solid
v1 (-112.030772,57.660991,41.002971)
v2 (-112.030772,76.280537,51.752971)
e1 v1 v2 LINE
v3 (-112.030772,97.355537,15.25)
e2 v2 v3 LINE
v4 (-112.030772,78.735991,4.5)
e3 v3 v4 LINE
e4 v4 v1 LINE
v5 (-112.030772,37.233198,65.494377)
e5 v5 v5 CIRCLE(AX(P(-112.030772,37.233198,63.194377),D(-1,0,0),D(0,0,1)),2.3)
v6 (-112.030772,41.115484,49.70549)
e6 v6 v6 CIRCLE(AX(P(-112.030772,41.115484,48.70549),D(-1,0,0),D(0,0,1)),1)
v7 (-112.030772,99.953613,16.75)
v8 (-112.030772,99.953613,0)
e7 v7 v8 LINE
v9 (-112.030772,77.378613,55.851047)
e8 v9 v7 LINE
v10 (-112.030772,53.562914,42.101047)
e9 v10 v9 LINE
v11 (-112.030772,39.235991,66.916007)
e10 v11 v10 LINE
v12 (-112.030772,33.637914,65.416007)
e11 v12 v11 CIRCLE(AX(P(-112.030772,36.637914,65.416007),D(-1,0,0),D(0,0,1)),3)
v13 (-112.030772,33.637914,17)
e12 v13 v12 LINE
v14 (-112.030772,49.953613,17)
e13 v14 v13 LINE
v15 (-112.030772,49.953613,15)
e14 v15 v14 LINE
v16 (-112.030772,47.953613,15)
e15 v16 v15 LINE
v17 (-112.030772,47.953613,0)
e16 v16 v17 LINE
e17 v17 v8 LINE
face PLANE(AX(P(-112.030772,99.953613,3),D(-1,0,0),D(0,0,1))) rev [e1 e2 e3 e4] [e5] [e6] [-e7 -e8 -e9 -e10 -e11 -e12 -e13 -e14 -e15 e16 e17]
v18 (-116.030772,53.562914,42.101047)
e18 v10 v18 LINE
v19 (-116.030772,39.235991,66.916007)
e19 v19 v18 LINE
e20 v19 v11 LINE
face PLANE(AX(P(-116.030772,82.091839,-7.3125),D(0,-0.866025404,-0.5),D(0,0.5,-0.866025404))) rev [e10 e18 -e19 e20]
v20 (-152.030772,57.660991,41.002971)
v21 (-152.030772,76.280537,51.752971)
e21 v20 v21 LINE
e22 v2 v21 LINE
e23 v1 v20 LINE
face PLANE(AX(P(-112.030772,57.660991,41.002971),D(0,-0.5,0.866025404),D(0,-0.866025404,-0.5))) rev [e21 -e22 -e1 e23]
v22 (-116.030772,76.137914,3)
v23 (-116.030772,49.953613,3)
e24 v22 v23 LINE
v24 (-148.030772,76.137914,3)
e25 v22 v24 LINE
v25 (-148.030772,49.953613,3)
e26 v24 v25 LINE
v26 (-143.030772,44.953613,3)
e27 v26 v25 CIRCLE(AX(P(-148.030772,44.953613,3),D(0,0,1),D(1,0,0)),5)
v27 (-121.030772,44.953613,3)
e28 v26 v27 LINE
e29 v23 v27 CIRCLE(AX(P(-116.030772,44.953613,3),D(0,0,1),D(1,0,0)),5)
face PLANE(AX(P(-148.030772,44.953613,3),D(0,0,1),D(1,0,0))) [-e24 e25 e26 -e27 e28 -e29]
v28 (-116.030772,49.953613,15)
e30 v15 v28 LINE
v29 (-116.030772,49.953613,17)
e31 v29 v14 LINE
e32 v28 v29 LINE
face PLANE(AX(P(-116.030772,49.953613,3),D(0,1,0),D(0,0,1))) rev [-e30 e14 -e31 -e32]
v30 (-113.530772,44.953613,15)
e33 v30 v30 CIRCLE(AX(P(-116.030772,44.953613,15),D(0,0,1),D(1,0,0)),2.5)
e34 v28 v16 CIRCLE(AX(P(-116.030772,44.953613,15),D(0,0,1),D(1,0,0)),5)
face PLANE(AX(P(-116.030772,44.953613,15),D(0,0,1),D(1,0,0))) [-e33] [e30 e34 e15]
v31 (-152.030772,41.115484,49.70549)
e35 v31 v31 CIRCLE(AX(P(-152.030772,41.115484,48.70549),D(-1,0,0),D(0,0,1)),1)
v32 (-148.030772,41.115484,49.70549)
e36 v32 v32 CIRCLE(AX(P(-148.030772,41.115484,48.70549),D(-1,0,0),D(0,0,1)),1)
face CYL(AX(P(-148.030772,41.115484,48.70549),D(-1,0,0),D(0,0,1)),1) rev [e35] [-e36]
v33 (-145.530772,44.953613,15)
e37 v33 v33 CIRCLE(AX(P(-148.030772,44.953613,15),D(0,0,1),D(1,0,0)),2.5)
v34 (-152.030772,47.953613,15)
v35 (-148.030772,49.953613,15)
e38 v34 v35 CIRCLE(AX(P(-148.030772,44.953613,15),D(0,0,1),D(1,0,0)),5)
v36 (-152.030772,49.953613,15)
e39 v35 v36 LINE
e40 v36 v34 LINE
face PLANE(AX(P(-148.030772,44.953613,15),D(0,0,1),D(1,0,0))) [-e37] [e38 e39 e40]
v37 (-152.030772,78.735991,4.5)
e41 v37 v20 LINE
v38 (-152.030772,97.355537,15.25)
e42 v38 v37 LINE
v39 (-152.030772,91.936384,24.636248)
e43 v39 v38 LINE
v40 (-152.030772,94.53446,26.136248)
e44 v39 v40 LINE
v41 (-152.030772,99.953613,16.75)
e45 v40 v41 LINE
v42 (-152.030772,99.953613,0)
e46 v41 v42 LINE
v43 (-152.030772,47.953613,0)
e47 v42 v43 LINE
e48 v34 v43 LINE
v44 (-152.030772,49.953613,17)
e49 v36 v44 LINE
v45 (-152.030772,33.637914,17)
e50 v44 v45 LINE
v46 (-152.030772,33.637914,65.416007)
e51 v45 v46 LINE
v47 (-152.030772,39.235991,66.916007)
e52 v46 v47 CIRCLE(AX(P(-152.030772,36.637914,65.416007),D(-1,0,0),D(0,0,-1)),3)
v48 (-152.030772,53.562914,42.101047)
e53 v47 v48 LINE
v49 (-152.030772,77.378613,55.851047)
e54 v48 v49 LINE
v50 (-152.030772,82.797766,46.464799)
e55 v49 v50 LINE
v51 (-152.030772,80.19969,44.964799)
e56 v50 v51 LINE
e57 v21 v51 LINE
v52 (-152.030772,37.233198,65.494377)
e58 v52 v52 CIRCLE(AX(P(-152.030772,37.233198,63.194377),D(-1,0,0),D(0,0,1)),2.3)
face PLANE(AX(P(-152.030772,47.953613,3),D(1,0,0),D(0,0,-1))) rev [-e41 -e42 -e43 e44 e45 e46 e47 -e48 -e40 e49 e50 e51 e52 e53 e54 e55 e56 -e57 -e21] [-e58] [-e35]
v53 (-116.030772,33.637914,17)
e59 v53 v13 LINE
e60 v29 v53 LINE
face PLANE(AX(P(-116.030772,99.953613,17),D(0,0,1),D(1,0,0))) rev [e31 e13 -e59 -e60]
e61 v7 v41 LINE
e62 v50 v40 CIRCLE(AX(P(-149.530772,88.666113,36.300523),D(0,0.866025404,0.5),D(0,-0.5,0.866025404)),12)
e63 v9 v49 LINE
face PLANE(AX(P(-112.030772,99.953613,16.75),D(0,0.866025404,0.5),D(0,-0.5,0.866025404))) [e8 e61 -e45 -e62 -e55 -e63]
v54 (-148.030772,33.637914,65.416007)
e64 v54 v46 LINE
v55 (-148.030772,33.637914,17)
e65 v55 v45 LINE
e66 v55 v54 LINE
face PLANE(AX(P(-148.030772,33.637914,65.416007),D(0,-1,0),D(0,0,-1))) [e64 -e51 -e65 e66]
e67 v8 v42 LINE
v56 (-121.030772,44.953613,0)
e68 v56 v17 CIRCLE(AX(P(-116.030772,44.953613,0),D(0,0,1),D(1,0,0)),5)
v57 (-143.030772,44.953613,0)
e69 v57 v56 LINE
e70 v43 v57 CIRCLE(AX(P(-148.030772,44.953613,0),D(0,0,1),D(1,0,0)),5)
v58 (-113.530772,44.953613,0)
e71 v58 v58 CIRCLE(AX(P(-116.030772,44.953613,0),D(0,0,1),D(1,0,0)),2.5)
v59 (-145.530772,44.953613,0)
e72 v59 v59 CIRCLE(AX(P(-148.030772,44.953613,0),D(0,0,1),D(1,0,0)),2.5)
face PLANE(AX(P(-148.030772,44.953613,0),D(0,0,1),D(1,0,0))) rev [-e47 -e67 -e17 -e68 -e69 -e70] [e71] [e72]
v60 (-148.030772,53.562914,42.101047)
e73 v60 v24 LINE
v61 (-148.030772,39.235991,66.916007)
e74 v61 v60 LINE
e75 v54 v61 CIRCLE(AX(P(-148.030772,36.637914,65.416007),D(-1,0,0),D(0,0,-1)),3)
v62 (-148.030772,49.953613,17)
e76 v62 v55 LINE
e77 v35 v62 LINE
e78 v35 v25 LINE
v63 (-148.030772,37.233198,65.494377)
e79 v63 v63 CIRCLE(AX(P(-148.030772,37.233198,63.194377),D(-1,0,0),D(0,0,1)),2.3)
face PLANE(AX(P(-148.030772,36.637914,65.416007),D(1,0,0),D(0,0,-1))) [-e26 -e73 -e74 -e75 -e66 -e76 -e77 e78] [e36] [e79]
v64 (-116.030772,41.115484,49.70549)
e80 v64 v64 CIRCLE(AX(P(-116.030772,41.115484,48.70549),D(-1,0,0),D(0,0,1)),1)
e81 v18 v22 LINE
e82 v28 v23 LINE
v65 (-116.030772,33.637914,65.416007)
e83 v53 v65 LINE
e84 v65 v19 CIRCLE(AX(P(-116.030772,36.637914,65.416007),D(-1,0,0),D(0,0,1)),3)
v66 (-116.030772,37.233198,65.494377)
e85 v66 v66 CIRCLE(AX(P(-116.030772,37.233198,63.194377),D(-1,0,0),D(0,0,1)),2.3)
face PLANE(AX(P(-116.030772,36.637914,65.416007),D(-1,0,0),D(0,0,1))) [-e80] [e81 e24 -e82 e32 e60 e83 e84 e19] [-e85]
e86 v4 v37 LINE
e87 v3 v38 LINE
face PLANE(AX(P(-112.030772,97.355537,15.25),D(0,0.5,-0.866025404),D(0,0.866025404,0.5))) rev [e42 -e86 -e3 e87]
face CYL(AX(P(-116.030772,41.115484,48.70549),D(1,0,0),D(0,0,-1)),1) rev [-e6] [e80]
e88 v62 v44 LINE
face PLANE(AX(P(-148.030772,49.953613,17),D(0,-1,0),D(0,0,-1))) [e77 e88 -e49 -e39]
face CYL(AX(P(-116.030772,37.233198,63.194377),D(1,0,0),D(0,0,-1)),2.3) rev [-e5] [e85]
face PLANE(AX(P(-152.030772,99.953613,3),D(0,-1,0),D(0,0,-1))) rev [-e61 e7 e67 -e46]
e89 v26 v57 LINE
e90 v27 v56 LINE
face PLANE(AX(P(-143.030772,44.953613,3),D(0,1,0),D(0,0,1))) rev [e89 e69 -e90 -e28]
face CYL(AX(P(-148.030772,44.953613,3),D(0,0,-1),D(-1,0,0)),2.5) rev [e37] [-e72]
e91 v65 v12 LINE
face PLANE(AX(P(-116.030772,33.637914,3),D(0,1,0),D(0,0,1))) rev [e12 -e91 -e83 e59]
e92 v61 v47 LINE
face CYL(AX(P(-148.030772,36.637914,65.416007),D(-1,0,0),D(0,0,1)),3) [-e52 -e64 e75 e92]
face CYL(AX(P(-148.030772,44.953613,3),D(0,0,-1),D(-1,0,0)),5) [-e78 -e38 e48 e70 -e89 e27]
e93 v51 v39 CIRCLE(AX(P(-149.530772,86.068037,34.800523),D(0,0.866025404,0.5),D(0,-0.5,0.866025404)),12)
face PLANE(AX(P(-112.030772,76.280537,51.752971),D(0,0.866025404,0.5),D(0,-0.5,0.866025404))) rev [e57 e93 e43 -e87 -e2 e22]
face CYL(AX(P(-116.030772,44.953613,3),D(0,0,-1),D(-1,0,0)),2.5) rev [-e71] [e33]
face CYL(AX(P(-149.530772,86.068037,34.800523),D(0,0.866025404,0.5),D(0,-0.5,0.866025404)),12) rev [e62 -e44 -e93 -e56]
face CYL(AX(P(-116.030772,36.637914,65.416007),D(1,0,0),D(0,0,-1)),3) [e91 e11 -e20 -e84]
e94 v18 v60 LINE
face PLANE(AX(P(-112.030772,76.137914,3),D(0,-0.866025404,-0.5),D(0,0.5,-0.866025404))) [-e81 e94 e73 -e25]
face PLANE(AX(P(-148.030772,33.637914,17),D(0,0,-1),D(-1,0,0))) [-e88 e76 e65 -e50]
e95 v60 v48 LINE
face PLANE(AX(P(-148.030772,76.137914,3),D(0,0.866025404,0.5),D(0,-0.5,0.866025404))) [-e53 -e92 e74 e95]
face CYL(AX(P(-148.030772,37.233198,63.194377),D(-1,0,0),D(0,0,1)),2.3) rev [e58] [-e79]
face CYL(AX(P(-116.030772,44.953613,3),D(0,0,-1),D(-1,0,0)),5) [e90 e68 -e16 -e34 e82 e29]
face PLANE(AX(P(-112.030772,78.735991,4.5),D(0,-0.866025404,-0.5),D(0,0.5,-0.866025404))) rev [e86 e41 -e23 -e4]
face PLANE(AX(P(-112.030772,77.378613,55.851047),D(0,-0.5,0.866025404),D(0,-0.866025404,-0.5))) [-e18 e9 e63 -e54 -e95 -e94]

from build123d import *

# Parameters (mm, degrees)
CROQUIS2_R              = 2.5
SALIENTE_EXTRUIR1_DEPTH = 3
SALIENTE_EXTRUIR2_DEPTH = 40
CROQUIS4_R              = 2.5
SALIENTE_EXTRUIR3_DEPTH = 12
CROQUIS6_R              = 2.3
CROQUIS6_R_2            = 1
SALIENTE_EXTRUIR5_DEPTH = 4.000002
SALIENTE_EXTRUIR6_START = -36.000002
CROQUIS6_2_R            = 2.3
CROQUIS6_2_R_2          = 1
SALIENTE_EXTRUIR6_DEPTH = 3.999998
CROQUIS7_R              = 12
CORTAR_EXTRUIR1_DEPTH   = 3


with BuildPart() as part:
    # Croquis2 → Saliente-Extruir1 (new body)
    with BuildSketch(Plane.XY):
        with BuildLine():
            Line((-152.030771759, 47.953613054), (-152.030771759, 99.953613054))
            Line((-152.030771759, 99.953613054), (-112.030771759, 99.953613054))
            Line((-112.030771759, 99.953613054), (-112.030771759, 47.953613054))
            ThreePointArc((-112.030771759, 47.953613054), (-114.449632929, 40.210196563), (-121.030771759, 44.953613054))
            Line((-121.030771759, 44.953613054), (-143.030771759, 44.953613054))
            ThreePointArc((-143.030771759, 44.953613054), (-149.611910589, 40.210196563), (-152.030771759, 47.953613054))
        make_face()
        with Locations((-148.030771759, 44.953613054)):
            Circle(CROQUIS2_R, mode=Mode.SUBTRACT)
        with Locations((-116.030771759, 44.953613054)):
            Circle(CROQUIS2_R, mode=Mode.SUBTRACT)
    extrude(amount=SALIENTE_EXTRUIR1_DEPTH)

    # Croquis3 → Saliente-Extruir2 (add)
    with BuildSketch(Plane.ZY.offset(152.030771759)):
        Polygon((3, 99.953613054), (16.75, 99.953613054), (55.851046981, 77.378613054), (42.101046981, 53.56291445), (3, 76.13791445), align=None)
        Polygon((15.25, 97.355536842), (4.5, 78.735990661), (41.00297077, 57.660990661), (51.75297077, 76.280536842), align=None, mode=Mode.SUBTRACT)
    extrude(amount=-SALIENTE_EXTRUIR2_DEPTH)

    # Croquis4 → Saliente-Extruir3 (add)
    # profile 1 of 2: a face of its own
    with BuildSketch(Plane.XY.offset(3)):
        with BuildLine():
            Line((-152.030771759, 47.953613054), (-152.030771759, 49.953613054))
            Line((-152.030771759, 49.953613054), (-148.030771759, 49.953613054))
            ThreePointArc((-148.030771759, 49.953613054), (-145.794703781, 40.481477099), (-152.030771759, 47.953613054))
        make_face()
        with Locations((-148.030771759, 44.953613054)):
            Circle(CROQUIS4_R, mode=Mode.SUBTRACT)
    # profile 2 of 2: a face of its own
    with BuildSketch(Plane.XY.offset(3)):
        with BuildLine():
            Line((-112.030771759, 49.953613054), (-112.030771759, 47.953613054))
            ThreePointArc((-112.030771759, 47.953613054), (-118.266839736, 40.481477099), (-116.030771759, 49.953613054))
            Line((-116.030771759, 49.953613054), (-112.030771759, 49.953613054))
        make_face()
        with Locations((-116.030771759, 44.953613054)):
            Circle(CROQUIS4_R, mode=Mode.SUBTRACT)
    extrude(amount=SALIENTE_EXTRUIR3_DEPTH)

    # Croquis6 → Saliente-Extruir5 (add)
    with BuildSketch(Plane.ZY.offset(152.030771759)):
        with BuildLine():
            Line((3, 49.953613054), (3, 76.13791445))
            Line((3, 76.13791445), (66.916006899, 39.235990661))
            ThreePointArc((66.916006899, 39.235990661), (68.313784378, 35.861457314), (65.416006899, 33.63791445))
            Line((65.416006899, 33.63791445), (17, 33.63791445))
            Line((17, 33.63791445), (17, 49.953613054))
            Line((17, 49.953613054), (3, 49.953613054))
        make_face()
        with Locations((63.194377499, 37.233198253)):
            Circle(CROQUIS6_R, mode=Mode.SUBTRACT)
        with Locations((48.705490104, 41.11548393)):
            Circle(CROQUIS6_R_2, mode=Mode.SUBTRACT)
    extrude(amount=-SALIENTE_EXTRUIR5_DEPTH)

    # Croquis6<2> → Saliente-Extruir6 (add)
    with BuildSketch(Plane.ZY.offset(152.030771759).offset(SALIENTE_EXTRUIR6_START)):
        with BuildLine():
            Line((3, 49.953613054), (3, 76.13791445))
            Line((3, 76.13791445), (66.916006899, 39.235990661))
            ThreePointArc((66.916006899, 39.235990661), (68.313784378, 35.861457314), (65.416006899, 33.63791445))
            Line((65.416006899, 33.63791445), (17, 33.63791445))
            Line((17, 33.63791445), (17, 49.953613054))
            Line((17, 49.953613054), (3, 49.953613054))
        make_face()
        with Locations((63.194377499, 37.233198253)):
            Circle(CROQUIS6_2_R, mode=Mode.SUBTRACT)
        with Locations((48.705490104, 41.11548393)):
            Circle(CROQUIS6_2_R_2, mode=Mode.SUBTRACT)
    extrude(amount=-SALIENTE_EXTRUIR6_DEPTH)

    # Croquis7 → Cortar-Extruir1 (cut)
    with BuildSketch(Plane(origin=(0, 82.218172547, 47.468684052), x_dir=(1, 0, 0), z_dir=(0, 0.8660254037844388, 0.49999999999999983))):
        with Locations((-149.530771759, 12.895881013)):
            Circle(CROQUIS7_R)
    extrude(amount=-CORTAR_EXTRUIR1_DEPTH, mode=Mode.SUBTRACT)


solid = part.part
